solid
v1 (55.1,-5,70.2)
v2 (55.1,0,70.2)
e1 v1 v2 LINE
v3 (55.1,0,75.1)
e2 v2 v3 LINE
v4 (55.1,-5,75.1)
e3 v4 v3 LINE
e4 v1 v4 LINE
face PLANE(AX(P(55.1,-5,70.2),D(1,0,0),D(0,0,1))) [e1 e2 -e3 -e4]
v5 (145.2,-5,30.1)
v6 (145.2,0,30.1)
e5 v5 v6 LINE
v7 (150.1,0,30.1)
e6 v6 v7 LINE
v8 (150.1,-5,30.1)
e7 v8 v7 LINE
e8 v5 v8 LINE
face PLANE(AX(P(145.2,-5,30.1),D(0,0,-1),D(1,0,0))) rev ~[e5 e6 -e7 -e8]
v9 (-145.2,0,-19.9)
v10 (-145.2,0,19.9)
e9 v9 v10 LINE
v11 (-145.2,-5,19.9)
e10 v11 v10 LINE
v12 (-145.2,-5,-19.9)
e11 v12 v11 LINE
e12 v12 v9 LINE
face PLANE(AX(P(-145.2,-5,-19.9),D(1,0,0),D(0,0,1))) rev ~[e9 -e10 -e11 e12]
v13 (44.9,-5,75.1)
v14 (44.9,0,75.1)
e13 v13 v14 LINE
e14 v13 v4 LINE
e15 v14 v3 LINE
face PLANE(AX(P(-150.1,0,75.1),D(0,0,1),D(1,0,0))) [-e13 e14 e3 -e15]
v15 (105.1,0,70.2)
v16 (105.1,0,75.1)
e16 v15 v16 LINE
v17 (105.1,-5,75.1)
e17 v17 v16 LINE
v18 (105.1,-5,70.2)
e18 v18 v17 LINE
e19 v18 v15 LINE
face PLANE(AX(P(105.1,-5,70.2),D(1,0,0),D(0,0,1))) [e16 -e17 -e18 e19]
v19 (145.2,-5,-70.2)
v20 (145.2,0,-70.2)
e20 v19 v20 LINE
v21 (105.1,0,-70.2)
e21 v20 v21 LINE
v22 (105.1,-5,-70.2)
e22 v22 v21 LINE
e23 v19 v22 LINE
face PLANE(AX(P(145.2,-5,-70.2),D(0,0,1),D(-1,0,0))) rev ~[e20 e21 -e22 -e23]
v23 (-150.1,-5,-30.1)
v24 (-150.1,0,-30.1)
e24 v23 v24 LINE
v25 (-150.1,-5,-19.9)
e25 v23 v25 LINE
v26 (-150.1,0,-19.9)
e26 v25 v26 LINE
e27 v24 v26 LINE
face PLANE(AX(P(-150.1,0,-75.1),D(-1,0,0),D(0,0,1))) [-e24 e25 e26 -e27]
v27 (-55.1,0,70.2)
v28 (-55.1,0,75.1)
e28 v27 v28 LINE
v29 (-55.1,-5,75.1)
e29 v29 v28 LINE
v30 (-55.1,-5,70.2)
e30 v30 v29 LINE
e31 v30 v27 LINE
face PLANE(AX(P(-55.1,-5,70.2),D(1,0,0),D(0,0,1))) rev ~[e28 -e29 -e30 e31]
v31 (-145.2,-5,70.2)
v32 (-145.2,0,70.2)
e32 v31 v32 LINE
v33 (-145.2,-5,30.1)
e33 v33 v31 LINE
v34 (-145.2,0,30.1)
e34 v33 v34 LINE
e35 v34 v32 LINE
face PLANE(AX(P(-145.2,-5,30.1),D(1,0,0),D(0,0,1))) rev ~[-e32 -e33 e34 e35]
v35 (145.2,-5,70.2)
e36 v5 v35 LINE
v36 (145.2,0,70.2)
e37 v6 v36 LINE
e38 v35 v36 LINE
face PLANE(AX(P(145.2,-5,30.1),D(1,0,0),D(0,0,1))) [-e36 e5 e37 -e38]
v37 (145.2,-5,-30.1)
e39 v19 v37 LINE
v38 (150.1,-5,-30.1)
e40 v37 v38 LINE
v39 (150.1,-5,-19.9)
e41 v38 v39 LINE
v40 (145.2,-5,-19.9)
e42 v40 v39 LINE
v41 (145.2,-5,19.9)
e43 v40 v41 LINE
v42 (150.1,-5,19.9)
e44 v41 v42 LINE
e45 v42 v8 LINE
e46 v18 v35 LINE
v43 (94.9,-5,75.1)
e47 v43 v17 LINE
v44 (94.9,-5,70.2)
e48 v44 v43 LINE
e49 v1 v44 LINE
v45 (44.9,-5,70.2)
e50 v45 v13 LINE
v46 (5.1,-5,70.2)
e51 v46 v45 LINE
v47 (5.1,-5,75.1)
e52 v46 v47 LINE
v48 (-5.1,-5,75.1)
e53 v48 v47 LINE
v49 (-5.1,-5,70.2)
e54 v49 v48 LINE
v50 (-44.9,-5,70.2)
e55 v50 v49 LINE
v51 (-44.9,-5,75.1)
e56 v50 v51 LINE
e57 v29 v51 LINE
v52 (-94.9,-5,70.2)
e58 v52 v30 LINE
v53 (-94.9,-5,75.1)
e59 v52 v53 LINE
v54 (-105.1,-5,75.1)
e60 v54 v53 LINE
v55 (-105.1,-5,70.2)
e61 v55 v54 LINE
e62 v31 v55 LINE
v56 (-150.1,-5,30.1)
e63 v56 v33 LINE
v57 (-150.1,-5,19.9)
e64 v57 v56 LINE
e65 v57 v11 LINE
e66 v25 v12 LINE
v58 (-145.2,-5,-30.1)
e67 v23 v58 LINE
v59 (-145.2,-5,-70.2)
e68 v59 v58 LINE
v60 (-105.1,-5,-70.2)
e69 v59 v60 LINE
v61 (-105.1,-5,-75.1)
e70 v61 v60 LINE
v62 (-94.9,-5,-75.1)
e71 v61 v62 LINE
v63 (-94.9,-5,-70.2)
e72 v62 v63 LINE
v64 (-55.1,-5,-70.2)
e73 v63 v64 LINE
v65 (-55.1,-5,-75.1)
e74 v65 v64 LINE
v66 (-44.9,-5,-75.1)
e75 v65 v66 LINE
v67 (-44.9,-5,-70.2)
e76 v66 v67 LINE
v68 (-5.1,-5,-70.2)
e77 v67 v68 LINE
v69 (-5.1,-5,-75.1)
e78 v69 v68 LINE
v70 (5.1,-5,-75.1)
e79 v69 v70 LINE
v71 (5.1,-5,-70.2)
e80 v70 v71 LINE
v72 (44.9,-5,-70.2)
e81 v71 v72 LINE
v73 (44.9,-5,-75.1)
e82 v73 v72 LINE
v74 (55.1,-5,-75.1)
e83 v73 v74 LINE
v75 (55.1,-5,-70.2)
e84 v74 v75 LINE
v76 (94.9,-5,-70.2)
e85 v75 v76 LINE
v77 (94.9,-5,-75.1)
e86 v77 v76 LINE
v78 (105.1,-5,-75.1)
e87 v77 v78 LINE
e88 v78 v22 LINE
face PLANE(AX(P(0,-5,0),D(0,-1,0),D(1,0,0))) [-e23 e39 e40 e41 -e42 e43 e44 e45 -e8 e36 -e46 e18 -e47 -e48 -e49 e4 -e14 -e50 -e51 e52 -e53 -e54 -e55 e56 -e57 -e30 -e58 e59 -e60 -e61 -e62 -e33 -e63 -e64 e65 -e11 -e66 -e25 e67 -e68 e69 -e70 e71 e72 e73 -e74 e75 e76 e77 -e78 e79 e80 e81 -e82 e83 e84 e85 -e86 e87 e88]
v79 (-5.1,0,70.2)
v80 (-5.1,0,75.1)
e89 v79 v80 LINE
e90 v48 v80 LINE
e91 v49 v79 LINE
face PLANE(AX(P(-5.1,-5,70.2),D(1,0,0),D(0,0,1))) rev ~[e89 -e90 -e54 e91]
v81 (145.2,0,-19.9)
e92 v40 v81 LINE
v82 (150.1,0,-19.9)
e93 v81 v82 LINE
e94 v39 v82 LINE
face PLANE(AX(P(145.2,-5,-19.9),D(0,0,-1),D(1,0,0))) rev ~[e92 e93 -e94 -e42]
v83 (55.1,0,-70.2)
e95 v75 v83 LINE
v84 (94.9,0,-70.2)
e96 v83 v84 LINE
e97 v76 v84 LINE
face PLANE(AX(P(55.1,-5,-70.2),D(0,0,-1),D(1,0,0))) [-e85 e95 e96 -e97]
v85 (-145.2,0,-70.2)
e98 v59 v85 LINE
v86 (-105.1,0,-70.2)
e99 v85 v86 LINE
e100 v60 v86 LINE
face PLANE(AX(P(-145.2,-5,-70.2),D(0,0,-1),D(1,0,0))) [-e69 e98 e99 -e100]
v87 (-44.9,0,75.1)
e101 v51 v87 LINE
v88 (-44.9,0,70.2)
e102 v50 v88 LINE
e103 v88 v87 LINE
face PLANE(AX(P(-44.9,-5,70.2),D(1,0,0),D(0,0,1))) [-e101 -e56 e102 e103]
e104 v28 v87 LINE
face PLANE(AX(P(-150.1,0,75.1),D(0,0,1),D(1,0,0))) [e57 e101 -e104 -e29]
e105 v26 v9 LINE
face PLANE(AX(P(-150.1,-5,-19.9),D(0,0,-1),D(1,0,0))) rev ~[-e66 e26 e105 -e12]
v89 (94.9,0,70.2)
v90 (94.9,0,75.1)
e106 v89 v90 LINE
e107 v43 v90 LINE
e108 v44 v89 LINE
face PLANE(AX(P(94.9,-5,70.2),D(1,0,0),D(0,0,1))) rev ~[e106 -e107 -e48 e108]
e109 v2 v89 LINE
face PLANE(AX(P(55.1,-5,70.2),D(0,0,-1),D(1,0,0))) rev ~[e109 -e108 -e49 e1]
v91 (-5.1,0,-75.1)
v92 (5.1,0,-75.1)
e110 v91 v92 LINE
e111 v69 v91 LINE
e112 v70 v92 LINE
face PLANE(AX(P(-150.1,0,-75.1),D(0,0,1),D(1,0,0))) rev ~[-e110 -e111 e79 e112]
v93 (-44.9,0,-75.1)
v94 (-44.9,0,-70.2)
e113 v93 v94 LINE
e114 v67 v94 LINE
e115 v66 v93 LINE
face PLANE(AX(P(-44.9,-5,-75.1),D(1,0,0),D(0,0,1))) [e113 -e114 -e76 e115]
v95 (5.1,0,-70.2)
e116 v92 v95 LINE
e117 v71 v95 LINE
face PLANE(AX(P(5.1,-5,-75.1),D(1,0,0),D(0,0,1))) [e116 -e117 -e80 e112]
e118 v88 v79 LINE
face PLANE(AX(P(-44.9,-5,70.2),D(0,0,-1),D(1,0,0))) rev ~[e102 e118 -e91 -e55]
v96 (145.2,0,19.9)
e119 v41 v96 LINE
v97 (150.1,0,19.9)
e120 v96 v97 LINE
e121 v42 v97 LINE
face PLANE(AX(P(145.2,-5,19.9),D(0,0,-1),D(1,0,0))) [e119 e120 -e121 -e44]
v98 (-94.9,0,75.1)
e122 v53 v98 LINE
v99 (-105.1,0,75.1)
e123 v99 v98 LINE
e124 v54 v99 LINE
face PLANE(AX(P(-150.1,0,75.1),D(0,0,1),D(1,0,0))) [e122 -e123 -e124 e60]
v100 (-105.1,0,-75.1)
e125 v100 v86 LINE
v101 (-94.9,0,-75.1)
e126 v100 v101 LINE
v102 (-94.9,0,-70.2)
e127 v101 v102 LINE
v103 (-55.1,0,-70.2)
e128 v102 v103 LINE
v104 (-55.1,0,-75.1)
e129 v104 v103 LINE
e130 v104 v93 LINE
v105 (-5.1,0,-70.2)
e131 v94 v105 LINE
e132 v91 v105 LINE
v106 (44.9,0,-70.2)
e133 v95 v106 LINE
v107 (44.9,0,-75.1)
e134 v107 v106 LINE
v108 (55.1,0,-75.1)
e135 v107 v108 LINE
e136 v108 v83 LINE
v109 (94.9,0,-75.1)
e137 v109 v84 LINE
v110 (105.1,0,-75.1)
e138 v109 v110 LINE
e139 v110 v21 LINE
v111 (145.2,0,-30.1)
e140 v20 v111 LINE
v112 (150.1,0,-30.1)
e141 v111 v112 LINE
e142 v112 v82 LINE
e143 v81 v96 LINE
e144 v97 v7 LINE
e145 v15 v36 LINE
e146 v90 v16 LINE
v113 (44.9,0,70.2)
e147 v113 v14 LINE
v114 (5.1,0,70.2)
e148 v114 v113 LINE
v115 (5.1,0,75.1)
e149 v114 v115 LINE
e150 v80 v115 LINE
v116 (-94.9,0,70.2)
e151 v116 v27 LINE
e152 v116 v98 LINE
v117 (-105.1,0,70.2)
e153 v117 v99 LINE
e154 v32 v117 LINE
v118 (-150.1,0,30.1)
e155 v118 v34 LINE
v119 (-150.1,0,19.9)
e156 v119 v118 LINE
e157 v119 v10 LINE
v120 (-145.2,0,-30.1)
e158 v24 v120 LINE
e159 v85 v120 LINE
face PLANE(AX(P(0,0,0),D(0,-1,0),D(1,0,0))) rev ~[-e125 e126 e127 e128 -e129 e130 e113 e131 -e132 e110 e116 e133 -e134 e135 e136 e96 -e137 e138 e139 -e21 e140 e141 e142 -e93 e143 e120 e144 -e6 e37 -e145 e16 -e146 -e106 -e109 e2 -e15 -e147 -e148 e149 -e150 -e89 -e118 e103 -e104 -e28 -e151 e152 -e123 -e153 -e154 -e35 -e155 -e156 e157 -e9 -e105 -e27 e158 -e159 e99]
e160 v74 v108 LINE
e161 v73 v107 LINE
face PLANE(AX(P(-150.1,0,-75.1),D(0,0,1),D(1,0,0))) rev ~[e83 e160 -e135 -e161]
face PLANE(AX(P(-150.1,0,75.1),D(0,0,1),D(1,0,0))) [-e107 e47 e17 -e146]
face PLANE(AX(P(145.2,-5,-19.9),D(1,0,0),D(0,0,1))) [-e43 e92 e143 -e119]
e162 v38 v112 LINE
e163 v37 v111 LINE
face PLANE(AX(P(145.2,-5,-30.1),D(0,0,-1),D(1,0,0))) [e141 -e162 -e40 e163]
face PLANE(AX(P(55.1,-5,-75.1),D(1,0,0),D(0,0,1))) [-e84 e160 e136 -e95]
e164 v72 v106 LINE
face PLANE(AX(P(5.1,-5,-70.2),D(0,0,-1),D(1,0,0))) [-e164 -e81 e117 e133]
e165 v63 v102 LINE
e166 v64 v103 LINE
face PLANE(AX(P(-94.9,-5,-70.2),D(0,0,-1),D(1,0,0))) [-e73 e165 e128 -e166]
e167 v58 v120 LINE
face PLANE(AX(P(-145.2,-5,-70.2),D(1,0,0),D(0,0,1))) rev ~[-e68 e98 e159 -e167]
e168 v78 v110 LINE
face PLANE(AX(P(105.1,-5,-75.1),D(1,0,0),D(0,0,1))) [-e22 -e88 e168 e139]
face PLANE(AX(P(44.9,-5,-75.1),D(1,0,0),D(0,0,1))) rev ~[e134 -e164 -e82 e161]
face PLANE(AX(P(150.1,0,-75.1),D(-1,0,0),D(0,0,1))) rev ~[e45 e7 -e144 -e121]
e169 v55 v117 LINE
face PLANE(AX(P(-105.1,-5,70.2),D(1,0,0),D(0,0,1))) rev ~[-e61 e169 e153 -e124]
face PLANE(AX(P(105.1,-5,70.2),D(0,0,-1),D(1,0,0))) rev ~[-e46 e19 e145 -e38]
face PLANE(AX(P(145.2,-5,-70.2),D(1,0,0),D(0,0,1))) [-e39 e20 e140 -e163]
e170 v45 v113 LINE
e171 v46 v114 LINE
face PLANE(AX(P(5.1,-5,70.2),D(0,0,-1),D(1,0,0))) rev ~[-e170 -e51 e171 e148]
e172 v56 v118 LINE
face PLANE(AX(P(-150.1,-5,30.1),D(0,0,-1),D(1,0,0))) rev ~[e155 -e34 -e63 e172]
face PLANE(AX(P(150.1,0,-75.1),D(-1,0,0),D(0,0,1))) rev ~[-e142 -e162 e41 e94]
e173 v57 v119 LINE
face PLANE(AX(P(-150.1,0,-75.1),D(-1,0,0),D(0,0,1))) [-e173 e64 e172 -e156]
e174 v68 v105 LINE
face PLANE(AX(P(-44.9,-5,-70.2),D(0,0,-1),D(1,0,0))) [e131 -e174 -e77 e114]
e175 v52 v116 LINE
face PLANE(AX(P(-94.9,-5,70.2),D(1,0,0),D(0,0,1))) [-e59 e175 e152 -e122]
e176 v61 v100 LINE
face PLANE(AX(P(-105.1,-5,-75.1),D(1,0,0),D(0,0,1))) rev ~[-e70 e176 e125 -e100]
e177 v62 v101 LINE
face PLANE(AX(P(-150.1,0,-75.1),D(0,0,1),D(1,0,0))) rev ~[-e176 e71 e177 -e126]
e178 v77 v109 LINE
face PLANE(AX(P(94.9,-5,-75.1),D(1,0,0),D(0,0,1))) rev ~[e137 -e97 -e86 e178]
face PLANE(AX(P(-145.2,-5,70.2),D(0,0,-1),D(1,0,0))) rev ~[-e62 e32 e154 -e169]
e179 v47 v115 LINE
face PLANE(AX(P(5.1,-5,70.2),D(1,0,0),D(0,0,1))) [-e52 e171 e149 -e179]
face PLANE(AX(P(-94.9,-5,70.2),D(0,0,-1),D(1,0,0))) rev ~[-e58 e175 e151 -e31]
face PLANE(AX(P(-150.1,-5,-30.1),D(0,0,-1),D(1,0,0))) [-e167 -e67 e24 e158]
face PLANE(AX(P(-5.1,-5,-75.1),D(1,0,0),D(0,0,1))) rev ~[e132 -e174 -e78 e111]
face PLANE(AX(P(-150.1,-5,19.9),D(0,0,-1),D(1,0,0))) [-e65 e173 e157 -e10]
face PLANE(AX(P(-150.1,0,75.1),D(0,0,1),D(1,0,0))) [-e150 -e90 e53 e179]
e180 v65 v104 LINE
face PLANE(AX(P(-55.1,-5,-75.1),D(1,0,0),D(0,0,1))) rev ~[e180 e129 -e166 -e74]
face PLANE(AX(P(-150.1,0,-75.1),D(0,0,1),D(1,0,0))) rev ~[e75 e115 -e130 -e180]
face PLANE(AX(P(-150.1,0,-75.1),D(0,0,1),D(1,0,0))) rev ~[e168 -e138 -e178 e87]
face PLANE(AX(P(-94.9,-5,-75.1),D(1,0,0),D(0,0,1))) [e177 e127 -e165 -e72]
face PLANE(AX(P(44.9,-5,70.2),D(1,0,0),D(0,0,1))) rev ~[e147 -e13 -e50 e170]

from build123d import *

# Parameters (mm, degrees)
F0_W     = 300.2
F0_H     = 150.2
F1_DEPTH = 5
F2_W     = 4.9
F2_H     = 4.9
F2_W_2   = 40.1
F2_H_2   = 40.1
F2_H_3   = 39.8
F2_W_3   = 39.8
F3_DEPTH = 5


with BuildPart() as f1:
    # F0 (on Front) → F1 (new body)
    with BuildSketch(Plane.XZ):
        Rectangle(F0_W, F0_H)
    extrude(amount=F1_DEPTH)

    # F2 (on face) → F3 (cut, through all)
    with BuildSketch(Plane.XZ.offset(5)):
        with Locations((-147.65, 72.65)):
            Rectangle(F2_W, F2_H)
        with Locations((-125.15, 72.65)):
            Rectangle(F2_W_2, F2_H)
        with Locations((-147.65, 50.15)):
            Rectangle(F2_W, F2_H_2)
        with Locations((-147.65, 0)):
            Rectangle(F2_W, F2_H_3)
        with Locations((-147.65, -50.15)):
            Rectangle(F2_W, F2_H_2)
        with Locations((-147.65, -72.65)):
            Rectangle(F2_W, F2_H)
        with Locations((-125.15, -72.65)):
            Rectangle(F2_W_2, F2_H)
        with Locations((-75, 72.65)):
            Rectangle(F2_W_3, F2_H)
        with Locations((-25, 72.65)):
            Rectangle(F2_W_3, F2_H)
        with Locations((25, 72.65)):
            Rectangle(F2_W_3, F2_H)
        with Locations((75, 72.65)):
            Rectangle(F2_W_3, F2_H)
        with Locations((147.65, 72.65)):
            Rectangle(F2_W, F2_H)
        with Locations((125.15, 72.65)):
            Rectangle(F2_W_2, F2_H)
        with Locations((147.65, 50.15)):
            Rectangle(F2_W, F2_H_2)
        with Locations((25, -72.65)):
            Rectangle(F2_W_3, F2_H)
        with Locations((-25, -72.65)):
            Rectangle(F2_W_3, F2_H)
        with Locations((-75, -72.65)):
            Rectangle(F2_W_3, F2_H)
        with Locations((125.15, -72.65)):
            Rectangle(F2_W_2, F2_H)
        with Locations((147.65, -72.65)):
            Rectangle(F2_W, F2_H)
        with Locations((147.65, -50.15)):
            Rectangle(F2_W, F2_H_2)
        with Locations((75, -72.65)):
            Rectangle(F2_W_3, F2_H)
        with Locations((147.65, 0)):
            Rectangle(F2_W, F2_H_3)
    extrude(amount=-F3_DEPTH, mode=Mode.SUBTRACT)


solid = f1.part
